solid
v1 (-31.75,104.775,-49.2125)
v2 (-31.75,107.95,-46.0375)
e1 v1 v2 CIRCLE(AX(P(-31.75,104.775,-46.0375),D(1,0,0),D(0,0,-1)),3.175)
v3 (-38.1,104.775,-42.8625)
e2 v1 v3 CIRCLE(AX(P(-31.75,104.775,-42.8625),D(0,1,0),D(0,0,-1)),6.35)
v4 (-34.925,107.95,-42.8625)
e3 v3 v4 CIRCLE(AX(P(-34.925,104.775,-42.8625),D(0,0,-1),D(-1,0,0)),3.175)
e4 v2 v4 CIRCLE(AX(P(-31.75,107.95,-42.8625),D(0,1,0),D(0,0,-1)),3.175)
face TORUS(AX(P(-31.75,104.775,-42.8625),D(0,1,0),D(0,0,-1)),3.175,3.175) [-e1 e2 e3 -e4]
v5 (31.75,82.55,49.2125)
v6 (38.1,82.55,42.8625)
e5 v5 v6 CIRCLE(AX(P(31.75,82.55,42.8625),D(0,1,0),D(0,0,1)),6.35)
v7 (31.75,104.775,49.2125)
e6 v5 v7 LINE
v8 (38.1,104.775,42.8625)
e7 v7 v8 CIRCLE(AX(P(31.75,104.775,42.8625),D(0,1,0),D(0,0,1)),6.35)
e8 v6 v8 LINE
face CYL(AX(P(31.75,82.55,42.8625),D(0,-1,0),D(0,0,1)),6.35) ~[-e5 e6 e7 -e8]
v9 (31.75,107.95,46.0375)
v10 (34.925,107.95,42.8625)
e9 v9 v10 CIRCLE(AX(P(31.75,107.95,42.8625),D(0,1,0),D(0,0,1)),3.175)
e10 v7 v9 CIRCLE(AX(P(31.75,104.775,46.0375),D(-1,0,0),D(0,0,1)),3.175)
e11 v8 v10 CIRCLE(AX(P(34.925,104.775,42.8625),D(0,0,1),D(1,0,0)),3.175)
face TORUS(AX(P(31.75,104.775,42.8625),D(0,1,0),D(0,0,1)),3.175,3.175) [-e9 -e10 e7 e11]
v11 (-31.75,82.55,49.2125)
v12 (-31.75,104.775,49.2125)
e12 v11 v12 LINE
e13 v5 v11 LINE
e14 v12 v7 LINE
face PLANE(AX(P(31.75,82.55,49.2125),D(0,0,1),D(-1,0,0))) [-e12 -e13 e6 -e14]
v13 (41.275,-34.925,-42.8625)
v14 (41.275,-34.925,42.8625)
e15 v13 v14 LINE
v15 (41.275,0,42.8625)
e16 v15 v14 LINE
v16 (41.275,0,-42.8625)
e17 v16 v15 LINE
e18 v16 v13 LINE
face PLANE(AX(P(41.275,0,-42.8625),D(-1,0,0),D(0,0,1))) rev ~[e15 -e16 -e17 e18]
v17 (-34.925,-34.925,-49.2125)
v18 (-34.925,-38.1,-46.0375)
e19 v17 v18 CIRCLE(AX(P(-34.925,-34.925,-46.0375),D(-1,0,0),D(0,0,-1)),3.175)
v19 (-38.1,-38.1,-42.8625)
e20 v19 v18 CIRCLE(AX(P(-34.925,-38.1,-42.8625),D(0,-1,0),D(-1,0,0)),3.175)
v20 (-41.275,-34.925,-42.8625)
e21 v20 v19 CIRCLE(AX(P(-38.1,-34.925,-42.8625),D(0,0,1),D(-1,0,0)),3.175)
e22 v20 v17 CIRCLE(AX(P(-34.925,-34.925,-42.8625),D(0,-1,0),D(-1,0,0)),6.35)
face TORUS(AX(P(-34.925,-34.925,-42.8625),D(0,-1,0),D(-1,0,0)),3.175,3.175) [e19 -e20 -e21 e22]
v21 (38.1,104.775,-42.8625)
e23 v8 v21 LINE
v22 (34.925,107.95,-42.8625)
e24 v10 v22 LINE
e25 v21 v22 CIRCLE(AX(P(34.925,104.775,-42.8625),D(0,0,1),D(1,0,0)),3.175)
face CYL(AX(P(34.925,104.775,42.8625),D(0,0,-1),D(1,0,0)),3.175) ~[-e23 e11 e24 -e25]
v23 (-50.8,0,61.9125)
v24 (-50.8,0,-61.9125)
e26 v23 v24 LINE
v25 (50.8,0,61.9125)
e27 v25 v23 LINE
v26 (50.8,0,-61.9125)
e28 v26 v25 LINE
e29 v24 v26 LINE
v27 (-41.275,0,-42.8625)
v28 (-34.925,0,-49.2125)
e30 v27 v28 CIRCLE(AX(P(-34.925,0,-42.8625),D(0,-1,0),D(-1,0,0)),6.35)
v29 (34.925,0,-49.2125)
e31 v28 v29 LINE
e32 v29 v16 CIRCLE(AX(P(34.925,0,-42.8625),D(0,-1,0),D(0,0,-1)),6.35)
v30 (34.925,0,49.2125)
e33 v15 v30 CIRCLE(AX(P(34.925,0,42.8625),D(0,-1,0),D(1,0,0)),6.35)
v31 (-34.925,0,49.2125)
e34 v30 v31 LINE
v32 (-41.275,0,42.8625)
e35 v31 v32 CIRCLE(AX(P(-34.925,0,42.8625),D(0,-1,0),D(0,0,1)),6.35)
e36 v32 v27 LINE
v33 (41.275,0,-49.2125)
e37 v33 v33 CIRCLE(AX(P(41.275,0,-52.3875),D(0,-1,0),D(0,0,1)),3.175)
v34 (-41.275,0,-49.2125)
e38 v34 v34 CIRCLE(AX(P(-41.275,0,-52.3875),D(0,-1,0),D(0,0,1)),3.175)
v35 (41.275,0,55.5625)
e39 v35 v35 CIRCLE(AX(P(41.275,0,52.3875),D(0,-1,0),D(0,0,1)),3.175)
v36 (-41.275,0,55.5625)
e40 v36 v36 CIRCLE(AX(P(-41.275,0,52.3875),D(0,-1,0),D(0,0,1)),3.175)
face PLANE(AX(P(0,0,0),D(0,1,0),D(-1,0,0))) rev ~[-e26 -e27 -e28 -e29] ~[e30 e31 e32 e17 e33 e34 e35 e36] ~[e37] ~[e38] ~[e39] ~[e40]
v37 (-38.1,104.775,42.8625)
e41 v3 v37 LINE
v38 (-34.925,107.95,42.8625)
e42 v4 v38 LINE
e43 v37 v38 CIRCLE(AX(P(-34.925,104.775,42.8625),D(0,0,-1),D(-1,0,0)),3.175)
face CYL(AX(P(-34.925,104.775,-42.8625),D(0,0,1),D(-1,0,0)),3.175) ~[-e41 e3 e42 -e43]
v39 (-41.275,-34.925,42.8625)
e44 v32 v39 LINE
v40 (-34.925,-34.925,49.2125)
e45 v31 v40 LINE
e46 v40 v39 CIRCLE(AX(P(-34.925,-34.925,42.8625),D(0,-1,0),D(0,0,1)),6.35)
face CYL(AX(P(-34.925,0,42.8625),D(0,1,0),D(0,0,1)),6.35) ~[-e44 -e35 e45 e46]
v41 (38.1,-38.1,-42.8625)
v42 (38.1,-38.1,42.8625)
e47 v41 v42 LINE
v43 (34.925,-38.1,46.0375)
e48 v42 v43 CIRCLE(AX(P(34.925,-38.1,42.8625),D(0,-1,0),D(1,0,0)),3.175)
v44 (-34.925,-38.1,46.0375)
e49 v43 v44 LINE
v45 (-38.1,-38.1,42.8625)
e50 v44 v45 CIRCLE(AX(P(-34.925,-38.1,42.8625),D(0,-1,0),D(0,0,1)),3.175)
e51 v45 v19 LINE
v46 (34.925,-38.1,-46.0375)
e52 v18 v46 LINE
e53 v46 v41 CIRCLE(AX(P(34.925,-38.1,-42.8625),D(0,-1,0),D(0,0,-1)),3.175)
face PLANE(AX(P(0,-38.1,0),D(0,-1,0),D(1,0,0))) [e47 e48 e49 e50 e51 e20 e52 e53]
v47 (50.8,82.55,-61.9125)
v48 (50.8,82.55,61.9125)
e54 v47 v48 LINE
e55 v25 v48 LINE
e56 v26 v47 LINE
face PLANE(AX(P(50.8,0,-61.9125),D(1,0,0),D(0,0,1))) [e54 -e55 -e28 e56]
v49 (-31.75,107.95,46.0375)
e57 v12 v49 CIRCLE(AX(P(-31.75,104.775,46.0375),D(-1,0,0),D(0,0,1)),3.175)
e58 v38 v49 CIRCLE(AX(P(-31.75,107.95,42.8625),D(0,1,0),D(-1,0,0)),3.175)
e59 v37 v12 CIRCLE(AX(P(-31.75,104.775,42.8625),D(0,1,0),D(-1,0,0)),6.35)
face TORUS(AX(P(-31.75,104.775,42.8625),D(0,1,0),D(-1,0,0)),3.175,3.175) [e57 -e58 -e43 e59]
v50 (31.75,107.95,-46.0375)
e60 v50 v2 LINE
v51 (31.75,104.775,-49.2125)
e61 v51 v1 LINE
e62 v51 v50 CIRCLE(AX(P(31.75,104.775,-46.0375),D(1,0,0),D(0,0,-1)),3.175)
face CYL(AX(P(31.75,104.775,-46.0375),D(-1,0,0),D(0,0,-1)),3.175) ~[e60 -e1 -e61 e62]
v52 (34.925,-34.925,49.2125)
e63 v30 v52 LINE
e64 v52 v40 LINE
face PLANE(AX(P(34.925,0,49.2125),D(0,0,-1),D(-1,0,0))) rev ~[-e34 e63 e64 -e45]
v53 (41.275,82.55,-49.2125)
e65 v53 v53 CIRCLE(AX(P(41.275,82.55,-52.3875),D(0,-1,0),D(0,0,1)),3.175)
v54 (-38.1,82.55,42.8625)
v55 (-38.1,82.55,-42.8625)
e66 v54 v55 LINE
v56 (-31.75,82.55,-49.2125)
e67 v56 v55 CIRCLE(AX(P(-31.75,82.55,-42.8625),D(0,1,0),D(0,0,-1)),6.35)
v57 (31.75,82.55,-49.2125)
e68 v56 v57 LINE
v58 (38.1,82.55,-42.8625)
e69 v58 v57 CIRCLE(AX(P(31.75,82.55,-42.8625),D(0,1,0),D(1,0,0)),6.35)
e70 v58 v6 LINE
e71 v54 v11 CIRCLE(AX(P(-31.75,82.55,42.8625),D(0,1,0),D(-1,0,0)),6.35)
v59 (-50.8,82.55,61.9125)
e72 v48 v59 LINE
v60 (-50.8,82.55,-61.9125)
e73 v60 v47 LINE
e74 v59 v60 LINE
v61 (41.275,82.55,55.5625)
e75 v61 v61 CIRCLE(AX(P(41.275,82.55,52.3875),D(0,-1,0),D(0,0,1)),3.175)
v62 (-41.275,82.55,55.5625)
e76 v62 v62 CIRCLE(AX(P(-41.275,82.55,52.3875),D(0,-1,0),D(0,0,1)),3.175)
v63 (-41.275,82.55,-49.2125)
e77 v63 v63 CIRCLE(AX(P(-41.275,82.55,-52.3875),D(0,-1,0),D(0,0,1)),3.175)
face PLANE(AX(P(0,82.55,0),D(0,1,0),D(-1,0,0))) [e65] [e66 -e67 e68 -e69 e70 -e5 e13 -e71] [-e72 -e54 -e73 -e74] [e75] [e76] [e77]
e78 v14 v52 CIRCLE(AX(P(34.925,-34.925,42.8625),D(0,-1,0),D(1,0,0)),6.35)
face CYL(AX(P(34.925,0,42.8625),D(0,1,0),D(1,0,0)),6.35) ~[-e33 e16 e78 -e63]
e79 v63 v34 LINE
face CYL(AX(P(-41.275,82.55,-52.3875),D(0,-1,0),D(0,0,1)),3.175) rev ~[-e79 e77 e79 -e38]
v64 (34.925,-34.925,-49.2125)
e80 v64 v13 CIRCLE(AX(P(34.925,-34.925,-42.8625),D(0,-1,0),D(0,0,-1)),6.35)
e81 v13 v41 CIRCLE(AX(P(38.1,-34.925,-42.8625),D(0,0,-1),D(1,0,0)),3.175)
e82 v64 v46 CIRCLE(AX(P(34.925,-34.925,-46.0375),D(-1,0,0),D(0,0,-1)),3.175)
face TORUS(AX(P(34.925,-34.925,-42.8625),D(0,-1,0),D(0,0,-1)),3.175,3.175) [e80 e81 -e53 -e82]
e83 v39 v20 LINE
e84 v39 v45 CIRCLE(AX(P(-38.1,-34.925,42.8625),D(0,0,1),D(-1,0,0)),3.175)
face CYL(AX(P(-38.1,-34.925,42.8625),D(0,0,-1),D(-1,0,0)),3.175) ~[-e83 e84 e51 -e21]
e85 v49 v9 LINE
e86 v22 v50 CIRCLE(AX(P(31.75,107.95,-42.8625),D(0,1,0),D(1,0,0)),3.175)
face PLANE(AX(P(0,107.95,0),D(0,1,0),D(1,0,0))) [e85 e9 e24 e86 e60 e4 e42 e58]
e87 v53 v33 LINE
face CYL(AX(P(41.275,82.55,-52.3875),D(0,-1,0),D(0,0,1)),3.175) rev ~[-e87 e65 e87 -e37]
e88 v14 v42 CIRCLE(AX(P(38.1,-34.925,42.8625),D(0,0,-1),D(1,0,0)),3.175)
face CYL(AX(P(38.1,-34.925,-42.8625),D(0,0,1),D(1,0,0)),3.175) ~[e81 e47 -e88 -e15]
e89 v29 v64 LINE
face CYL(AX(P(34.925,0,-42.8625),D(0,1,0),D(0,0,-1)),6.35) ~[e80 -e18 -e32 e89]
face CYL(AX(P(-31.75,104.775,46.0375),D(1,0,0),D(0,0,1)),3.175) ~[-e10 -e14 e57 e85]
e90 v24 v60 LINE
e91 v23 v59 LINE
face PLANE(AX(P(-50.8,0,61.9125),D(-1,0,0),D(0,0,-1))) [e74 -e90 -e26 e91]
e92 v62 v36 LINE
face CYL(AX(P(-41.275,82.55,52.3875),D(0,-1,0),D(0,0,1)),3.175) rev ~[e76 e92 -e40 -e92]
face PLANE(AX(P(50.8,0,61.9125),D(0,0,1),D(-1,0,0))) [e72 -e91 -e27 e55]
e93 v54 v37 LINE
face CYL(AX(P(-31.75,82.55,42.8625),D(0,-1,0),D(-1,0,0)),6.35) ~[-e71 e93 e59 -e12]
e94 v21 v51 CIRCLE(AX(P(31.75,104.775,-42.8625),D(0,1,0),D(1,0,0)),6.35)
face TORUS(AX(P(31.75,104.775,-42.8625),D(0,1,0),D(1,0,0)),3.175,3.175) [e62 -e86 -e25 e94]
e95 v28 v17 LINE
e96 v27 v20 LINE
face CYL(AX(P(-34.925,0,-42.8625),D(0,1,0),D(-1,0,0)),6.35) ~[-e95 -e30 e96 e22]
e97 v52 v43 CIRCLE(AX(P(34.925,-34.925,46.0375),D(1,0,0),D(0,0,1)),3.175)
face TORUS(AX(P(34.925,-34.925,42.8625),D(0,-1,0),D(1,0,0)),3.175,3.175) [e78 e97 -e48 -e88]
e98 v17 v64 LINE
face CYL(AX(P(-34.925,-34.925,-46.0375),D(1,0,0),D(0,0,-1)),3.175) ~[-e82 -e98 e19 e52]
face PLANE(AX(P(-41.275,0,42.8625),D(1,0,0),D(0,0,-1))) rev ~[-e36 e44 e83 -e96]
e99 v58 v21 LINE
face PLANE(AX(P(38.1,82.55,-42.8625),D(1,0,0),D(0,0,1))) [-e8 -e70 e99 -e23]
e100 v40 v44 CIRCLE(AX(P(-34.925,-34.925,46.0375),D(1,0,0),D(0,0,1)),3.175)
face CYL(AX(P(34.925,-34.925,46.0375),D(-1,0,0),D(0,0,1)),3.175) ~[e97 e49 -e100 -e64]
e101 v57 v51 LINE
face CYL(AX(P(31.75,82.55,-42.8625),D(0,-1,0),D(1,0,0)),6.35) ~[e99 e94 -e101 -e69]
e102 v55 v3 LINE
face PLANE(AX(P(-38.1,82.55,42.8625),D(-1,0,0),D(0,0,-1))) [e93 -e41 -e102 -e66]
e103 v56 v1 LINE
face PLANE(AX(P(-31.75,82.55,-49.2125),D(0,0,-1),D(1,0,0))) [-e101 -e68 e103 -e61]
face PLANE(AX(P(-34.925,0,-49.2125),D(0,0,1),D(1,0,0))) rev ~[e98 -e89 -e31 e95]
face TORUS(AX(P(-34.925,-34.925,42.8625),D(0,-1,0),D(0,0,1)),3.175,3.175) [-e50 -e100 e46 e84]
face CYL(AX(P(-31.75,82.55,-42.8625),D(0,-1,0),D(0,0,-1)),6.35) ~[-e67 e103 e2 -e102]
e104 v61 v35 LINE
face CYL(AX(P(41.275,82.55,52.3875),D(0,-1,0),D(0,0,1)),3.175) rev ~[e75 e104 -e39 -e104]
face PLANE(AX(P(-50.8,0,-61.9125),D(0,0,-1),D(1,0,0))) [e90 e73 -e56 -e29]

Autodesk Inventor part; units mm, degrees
ref_plane "YZ Plane" through (0, 0, 0) normal (1, 0, 0) x (0, 1, 0)
ref_plane "XZ Plane" through (0, 0, 0) normal (0, 1, 0) x (-1, 0, 0)
ref_plane "XY Plane" through (0, 0, 0) normal (0, 0, 1) x (1, 0, 0)
sketch "Sketch1" plane through (0, 0, 0) normal (0, 1, 0) x (-1, 0, 0)
  line L0 (-50.8, 61.9125) -> (50.8, 61.9125)
  line L1 (50.8, 61.9125) -> (50.8, -61.9125)
  line L2 (50.8, -61.9125) -> (-50.8, -61.9125)
  line L3 (-50.8, -61.9125) -> (-50.8, 61.9125)
  line L4 (-50.8, 61.9125) -> (50.8, -61.9125) construction
  line L5 (50.8, 61.9125) -> (-50.8, -61.9125) construction
  point P0 (0, 0)
  dimension "d0" = 123.825
  dimension "d1" = 101.6
extrude "Extrusion1" add sketch "Sketch1" along normal blind 82.55
sketch "Sketch2" plane through (0, 82.55, 0) normal (0, 1, 0) x (1, 0, 0)
  line L0 (31.75, -49.2125) -> (-31.75, -49.2125)
  line L1 (-38.1, -42.8625) -> (-38.1, 42.8625)
  line L2 (-31.75, 49.2125) -> (31.75, 49.2125)
  line L3 (38.1, 42.8625) -> (38.1, -42.8625)
  line L4 (38.1, -49.2125) -> (-38.1, 49.2125) construction
  line L5 (-38.1, -49.2125) -> (38.1, 49.2125) construction
  arc A0 (-38.1, -42.8625) -> (-31.75, -49.2125) centre (-31.75, -42.8625) ccw
  arc A1 (-31.75, 49.2125) -> (-38.1, 42.8625) centre (-31.75, 42.8625) ccw
  arc A2 (38.1, 42.8625) -> (31.75, 49.2125) centre (31.75, 42.8625) ccw
  arc A3 (31.75, -49.2125) -> (38.1, -42.8625) centre (31.75, -42.8625) ccw
  line L6 (-50.8, 61.9125) -> (-50.8, -61.9125) projected
  line L7 (50.8, 61.9125) -> (-50.8, 61.9125) projected
  point P0 (0, 0)
  dimension "d6" = 6.35
  dimension "d25" = 12.7
  dimension "d26" = 12.7
extrude "Extrusion2" add sketch "Sketch2" along normal blind 25.4
fillet "Fillet1" radius 3.175 8 edges at (36.2401, 107.95, 47.3526) (38.1, 107.95, 0) (36.2401, 107.95, -47.3526) (0, 107.95, -49.2125) (-36.2401, 107.95, -47.3526) (-38.1, 107.95, 0) (-36.2401, 107.95, 47.3526) (0, 107.95, 49.2125)
hole "Hole1" at (41.275, 82.55, 52.3875) direction (0, -1, 0) diameter 6.35 end through all
pattern_linear "Rectangular Pattern1" count 2 spacing 104.775 along (0, 0, -1) count 2 spacing 82.55 along (-1, 0, 0) of "Hole1"
sketch "Sketch3" plane through (0, 0, 0) normal (0, -1, 0) x (1, 0, 0)
  line L0 (-34.925, -49.2125) -> (34.925, -49.2125)
  line L1 (41.275, -42.8625) -> (41.275, 42.8625)
  line L2 (34.925, 49.2125) -> (-34.925, 49.2125)
  line L3 (-41.275, 42.8625) -> (-41.275, -42.8625)
  line L4 (-41.275, -49.2125) -> (41.275, 49.2125) construction
  line L5 (41.275, -49.2125) -> (-41.275, 49.2125) construction
  line L6 (50.8, 61.9125) -> (-50.8, 61.9125) projected
  line L7 (50.8, -61.9125) -> (50.8, 61.9125) projected
  arc A0 (-34.925, 49.2125) -> (-41.275, 42.8625) centre (-34.925, 42.8625) ccw
  arc A1 (41.275, 42.8625) -> (34.925, 49.2125) centre (34.925, 42.8625) ccw
  arc A2 (34.925, -49.2125) -> (41.275, -42.8625) centre (34.925, -42.8625) ccw
  arc A3 (-41.275, -42.8625) -> (-34.925, -49.2125) centre (-34.925, -42.8625) ccw
  point P0 (0, 0)
  dimension "d27" = 12.7
  dimension "d28" = 9.525
  dimension "d29" = 6.35
extrude "Extrusion3" add sketch "Sketch3" along normal blind 38.1
fillet "Fillet2" radius 3.175 8 edges at (-39.4151, -38.1, 47.3526) (-41.275, -38.1, 0) (-39.4151, -38.1, -47.3526) (0, -38.1, -49.2125) (39.4151, -38.1, -47.3526) (41.275, -38.1, 0) (39.4151, -38.1, 47.3526) (0, -38.1, 49.2125)
properties part number "xmfr power"
